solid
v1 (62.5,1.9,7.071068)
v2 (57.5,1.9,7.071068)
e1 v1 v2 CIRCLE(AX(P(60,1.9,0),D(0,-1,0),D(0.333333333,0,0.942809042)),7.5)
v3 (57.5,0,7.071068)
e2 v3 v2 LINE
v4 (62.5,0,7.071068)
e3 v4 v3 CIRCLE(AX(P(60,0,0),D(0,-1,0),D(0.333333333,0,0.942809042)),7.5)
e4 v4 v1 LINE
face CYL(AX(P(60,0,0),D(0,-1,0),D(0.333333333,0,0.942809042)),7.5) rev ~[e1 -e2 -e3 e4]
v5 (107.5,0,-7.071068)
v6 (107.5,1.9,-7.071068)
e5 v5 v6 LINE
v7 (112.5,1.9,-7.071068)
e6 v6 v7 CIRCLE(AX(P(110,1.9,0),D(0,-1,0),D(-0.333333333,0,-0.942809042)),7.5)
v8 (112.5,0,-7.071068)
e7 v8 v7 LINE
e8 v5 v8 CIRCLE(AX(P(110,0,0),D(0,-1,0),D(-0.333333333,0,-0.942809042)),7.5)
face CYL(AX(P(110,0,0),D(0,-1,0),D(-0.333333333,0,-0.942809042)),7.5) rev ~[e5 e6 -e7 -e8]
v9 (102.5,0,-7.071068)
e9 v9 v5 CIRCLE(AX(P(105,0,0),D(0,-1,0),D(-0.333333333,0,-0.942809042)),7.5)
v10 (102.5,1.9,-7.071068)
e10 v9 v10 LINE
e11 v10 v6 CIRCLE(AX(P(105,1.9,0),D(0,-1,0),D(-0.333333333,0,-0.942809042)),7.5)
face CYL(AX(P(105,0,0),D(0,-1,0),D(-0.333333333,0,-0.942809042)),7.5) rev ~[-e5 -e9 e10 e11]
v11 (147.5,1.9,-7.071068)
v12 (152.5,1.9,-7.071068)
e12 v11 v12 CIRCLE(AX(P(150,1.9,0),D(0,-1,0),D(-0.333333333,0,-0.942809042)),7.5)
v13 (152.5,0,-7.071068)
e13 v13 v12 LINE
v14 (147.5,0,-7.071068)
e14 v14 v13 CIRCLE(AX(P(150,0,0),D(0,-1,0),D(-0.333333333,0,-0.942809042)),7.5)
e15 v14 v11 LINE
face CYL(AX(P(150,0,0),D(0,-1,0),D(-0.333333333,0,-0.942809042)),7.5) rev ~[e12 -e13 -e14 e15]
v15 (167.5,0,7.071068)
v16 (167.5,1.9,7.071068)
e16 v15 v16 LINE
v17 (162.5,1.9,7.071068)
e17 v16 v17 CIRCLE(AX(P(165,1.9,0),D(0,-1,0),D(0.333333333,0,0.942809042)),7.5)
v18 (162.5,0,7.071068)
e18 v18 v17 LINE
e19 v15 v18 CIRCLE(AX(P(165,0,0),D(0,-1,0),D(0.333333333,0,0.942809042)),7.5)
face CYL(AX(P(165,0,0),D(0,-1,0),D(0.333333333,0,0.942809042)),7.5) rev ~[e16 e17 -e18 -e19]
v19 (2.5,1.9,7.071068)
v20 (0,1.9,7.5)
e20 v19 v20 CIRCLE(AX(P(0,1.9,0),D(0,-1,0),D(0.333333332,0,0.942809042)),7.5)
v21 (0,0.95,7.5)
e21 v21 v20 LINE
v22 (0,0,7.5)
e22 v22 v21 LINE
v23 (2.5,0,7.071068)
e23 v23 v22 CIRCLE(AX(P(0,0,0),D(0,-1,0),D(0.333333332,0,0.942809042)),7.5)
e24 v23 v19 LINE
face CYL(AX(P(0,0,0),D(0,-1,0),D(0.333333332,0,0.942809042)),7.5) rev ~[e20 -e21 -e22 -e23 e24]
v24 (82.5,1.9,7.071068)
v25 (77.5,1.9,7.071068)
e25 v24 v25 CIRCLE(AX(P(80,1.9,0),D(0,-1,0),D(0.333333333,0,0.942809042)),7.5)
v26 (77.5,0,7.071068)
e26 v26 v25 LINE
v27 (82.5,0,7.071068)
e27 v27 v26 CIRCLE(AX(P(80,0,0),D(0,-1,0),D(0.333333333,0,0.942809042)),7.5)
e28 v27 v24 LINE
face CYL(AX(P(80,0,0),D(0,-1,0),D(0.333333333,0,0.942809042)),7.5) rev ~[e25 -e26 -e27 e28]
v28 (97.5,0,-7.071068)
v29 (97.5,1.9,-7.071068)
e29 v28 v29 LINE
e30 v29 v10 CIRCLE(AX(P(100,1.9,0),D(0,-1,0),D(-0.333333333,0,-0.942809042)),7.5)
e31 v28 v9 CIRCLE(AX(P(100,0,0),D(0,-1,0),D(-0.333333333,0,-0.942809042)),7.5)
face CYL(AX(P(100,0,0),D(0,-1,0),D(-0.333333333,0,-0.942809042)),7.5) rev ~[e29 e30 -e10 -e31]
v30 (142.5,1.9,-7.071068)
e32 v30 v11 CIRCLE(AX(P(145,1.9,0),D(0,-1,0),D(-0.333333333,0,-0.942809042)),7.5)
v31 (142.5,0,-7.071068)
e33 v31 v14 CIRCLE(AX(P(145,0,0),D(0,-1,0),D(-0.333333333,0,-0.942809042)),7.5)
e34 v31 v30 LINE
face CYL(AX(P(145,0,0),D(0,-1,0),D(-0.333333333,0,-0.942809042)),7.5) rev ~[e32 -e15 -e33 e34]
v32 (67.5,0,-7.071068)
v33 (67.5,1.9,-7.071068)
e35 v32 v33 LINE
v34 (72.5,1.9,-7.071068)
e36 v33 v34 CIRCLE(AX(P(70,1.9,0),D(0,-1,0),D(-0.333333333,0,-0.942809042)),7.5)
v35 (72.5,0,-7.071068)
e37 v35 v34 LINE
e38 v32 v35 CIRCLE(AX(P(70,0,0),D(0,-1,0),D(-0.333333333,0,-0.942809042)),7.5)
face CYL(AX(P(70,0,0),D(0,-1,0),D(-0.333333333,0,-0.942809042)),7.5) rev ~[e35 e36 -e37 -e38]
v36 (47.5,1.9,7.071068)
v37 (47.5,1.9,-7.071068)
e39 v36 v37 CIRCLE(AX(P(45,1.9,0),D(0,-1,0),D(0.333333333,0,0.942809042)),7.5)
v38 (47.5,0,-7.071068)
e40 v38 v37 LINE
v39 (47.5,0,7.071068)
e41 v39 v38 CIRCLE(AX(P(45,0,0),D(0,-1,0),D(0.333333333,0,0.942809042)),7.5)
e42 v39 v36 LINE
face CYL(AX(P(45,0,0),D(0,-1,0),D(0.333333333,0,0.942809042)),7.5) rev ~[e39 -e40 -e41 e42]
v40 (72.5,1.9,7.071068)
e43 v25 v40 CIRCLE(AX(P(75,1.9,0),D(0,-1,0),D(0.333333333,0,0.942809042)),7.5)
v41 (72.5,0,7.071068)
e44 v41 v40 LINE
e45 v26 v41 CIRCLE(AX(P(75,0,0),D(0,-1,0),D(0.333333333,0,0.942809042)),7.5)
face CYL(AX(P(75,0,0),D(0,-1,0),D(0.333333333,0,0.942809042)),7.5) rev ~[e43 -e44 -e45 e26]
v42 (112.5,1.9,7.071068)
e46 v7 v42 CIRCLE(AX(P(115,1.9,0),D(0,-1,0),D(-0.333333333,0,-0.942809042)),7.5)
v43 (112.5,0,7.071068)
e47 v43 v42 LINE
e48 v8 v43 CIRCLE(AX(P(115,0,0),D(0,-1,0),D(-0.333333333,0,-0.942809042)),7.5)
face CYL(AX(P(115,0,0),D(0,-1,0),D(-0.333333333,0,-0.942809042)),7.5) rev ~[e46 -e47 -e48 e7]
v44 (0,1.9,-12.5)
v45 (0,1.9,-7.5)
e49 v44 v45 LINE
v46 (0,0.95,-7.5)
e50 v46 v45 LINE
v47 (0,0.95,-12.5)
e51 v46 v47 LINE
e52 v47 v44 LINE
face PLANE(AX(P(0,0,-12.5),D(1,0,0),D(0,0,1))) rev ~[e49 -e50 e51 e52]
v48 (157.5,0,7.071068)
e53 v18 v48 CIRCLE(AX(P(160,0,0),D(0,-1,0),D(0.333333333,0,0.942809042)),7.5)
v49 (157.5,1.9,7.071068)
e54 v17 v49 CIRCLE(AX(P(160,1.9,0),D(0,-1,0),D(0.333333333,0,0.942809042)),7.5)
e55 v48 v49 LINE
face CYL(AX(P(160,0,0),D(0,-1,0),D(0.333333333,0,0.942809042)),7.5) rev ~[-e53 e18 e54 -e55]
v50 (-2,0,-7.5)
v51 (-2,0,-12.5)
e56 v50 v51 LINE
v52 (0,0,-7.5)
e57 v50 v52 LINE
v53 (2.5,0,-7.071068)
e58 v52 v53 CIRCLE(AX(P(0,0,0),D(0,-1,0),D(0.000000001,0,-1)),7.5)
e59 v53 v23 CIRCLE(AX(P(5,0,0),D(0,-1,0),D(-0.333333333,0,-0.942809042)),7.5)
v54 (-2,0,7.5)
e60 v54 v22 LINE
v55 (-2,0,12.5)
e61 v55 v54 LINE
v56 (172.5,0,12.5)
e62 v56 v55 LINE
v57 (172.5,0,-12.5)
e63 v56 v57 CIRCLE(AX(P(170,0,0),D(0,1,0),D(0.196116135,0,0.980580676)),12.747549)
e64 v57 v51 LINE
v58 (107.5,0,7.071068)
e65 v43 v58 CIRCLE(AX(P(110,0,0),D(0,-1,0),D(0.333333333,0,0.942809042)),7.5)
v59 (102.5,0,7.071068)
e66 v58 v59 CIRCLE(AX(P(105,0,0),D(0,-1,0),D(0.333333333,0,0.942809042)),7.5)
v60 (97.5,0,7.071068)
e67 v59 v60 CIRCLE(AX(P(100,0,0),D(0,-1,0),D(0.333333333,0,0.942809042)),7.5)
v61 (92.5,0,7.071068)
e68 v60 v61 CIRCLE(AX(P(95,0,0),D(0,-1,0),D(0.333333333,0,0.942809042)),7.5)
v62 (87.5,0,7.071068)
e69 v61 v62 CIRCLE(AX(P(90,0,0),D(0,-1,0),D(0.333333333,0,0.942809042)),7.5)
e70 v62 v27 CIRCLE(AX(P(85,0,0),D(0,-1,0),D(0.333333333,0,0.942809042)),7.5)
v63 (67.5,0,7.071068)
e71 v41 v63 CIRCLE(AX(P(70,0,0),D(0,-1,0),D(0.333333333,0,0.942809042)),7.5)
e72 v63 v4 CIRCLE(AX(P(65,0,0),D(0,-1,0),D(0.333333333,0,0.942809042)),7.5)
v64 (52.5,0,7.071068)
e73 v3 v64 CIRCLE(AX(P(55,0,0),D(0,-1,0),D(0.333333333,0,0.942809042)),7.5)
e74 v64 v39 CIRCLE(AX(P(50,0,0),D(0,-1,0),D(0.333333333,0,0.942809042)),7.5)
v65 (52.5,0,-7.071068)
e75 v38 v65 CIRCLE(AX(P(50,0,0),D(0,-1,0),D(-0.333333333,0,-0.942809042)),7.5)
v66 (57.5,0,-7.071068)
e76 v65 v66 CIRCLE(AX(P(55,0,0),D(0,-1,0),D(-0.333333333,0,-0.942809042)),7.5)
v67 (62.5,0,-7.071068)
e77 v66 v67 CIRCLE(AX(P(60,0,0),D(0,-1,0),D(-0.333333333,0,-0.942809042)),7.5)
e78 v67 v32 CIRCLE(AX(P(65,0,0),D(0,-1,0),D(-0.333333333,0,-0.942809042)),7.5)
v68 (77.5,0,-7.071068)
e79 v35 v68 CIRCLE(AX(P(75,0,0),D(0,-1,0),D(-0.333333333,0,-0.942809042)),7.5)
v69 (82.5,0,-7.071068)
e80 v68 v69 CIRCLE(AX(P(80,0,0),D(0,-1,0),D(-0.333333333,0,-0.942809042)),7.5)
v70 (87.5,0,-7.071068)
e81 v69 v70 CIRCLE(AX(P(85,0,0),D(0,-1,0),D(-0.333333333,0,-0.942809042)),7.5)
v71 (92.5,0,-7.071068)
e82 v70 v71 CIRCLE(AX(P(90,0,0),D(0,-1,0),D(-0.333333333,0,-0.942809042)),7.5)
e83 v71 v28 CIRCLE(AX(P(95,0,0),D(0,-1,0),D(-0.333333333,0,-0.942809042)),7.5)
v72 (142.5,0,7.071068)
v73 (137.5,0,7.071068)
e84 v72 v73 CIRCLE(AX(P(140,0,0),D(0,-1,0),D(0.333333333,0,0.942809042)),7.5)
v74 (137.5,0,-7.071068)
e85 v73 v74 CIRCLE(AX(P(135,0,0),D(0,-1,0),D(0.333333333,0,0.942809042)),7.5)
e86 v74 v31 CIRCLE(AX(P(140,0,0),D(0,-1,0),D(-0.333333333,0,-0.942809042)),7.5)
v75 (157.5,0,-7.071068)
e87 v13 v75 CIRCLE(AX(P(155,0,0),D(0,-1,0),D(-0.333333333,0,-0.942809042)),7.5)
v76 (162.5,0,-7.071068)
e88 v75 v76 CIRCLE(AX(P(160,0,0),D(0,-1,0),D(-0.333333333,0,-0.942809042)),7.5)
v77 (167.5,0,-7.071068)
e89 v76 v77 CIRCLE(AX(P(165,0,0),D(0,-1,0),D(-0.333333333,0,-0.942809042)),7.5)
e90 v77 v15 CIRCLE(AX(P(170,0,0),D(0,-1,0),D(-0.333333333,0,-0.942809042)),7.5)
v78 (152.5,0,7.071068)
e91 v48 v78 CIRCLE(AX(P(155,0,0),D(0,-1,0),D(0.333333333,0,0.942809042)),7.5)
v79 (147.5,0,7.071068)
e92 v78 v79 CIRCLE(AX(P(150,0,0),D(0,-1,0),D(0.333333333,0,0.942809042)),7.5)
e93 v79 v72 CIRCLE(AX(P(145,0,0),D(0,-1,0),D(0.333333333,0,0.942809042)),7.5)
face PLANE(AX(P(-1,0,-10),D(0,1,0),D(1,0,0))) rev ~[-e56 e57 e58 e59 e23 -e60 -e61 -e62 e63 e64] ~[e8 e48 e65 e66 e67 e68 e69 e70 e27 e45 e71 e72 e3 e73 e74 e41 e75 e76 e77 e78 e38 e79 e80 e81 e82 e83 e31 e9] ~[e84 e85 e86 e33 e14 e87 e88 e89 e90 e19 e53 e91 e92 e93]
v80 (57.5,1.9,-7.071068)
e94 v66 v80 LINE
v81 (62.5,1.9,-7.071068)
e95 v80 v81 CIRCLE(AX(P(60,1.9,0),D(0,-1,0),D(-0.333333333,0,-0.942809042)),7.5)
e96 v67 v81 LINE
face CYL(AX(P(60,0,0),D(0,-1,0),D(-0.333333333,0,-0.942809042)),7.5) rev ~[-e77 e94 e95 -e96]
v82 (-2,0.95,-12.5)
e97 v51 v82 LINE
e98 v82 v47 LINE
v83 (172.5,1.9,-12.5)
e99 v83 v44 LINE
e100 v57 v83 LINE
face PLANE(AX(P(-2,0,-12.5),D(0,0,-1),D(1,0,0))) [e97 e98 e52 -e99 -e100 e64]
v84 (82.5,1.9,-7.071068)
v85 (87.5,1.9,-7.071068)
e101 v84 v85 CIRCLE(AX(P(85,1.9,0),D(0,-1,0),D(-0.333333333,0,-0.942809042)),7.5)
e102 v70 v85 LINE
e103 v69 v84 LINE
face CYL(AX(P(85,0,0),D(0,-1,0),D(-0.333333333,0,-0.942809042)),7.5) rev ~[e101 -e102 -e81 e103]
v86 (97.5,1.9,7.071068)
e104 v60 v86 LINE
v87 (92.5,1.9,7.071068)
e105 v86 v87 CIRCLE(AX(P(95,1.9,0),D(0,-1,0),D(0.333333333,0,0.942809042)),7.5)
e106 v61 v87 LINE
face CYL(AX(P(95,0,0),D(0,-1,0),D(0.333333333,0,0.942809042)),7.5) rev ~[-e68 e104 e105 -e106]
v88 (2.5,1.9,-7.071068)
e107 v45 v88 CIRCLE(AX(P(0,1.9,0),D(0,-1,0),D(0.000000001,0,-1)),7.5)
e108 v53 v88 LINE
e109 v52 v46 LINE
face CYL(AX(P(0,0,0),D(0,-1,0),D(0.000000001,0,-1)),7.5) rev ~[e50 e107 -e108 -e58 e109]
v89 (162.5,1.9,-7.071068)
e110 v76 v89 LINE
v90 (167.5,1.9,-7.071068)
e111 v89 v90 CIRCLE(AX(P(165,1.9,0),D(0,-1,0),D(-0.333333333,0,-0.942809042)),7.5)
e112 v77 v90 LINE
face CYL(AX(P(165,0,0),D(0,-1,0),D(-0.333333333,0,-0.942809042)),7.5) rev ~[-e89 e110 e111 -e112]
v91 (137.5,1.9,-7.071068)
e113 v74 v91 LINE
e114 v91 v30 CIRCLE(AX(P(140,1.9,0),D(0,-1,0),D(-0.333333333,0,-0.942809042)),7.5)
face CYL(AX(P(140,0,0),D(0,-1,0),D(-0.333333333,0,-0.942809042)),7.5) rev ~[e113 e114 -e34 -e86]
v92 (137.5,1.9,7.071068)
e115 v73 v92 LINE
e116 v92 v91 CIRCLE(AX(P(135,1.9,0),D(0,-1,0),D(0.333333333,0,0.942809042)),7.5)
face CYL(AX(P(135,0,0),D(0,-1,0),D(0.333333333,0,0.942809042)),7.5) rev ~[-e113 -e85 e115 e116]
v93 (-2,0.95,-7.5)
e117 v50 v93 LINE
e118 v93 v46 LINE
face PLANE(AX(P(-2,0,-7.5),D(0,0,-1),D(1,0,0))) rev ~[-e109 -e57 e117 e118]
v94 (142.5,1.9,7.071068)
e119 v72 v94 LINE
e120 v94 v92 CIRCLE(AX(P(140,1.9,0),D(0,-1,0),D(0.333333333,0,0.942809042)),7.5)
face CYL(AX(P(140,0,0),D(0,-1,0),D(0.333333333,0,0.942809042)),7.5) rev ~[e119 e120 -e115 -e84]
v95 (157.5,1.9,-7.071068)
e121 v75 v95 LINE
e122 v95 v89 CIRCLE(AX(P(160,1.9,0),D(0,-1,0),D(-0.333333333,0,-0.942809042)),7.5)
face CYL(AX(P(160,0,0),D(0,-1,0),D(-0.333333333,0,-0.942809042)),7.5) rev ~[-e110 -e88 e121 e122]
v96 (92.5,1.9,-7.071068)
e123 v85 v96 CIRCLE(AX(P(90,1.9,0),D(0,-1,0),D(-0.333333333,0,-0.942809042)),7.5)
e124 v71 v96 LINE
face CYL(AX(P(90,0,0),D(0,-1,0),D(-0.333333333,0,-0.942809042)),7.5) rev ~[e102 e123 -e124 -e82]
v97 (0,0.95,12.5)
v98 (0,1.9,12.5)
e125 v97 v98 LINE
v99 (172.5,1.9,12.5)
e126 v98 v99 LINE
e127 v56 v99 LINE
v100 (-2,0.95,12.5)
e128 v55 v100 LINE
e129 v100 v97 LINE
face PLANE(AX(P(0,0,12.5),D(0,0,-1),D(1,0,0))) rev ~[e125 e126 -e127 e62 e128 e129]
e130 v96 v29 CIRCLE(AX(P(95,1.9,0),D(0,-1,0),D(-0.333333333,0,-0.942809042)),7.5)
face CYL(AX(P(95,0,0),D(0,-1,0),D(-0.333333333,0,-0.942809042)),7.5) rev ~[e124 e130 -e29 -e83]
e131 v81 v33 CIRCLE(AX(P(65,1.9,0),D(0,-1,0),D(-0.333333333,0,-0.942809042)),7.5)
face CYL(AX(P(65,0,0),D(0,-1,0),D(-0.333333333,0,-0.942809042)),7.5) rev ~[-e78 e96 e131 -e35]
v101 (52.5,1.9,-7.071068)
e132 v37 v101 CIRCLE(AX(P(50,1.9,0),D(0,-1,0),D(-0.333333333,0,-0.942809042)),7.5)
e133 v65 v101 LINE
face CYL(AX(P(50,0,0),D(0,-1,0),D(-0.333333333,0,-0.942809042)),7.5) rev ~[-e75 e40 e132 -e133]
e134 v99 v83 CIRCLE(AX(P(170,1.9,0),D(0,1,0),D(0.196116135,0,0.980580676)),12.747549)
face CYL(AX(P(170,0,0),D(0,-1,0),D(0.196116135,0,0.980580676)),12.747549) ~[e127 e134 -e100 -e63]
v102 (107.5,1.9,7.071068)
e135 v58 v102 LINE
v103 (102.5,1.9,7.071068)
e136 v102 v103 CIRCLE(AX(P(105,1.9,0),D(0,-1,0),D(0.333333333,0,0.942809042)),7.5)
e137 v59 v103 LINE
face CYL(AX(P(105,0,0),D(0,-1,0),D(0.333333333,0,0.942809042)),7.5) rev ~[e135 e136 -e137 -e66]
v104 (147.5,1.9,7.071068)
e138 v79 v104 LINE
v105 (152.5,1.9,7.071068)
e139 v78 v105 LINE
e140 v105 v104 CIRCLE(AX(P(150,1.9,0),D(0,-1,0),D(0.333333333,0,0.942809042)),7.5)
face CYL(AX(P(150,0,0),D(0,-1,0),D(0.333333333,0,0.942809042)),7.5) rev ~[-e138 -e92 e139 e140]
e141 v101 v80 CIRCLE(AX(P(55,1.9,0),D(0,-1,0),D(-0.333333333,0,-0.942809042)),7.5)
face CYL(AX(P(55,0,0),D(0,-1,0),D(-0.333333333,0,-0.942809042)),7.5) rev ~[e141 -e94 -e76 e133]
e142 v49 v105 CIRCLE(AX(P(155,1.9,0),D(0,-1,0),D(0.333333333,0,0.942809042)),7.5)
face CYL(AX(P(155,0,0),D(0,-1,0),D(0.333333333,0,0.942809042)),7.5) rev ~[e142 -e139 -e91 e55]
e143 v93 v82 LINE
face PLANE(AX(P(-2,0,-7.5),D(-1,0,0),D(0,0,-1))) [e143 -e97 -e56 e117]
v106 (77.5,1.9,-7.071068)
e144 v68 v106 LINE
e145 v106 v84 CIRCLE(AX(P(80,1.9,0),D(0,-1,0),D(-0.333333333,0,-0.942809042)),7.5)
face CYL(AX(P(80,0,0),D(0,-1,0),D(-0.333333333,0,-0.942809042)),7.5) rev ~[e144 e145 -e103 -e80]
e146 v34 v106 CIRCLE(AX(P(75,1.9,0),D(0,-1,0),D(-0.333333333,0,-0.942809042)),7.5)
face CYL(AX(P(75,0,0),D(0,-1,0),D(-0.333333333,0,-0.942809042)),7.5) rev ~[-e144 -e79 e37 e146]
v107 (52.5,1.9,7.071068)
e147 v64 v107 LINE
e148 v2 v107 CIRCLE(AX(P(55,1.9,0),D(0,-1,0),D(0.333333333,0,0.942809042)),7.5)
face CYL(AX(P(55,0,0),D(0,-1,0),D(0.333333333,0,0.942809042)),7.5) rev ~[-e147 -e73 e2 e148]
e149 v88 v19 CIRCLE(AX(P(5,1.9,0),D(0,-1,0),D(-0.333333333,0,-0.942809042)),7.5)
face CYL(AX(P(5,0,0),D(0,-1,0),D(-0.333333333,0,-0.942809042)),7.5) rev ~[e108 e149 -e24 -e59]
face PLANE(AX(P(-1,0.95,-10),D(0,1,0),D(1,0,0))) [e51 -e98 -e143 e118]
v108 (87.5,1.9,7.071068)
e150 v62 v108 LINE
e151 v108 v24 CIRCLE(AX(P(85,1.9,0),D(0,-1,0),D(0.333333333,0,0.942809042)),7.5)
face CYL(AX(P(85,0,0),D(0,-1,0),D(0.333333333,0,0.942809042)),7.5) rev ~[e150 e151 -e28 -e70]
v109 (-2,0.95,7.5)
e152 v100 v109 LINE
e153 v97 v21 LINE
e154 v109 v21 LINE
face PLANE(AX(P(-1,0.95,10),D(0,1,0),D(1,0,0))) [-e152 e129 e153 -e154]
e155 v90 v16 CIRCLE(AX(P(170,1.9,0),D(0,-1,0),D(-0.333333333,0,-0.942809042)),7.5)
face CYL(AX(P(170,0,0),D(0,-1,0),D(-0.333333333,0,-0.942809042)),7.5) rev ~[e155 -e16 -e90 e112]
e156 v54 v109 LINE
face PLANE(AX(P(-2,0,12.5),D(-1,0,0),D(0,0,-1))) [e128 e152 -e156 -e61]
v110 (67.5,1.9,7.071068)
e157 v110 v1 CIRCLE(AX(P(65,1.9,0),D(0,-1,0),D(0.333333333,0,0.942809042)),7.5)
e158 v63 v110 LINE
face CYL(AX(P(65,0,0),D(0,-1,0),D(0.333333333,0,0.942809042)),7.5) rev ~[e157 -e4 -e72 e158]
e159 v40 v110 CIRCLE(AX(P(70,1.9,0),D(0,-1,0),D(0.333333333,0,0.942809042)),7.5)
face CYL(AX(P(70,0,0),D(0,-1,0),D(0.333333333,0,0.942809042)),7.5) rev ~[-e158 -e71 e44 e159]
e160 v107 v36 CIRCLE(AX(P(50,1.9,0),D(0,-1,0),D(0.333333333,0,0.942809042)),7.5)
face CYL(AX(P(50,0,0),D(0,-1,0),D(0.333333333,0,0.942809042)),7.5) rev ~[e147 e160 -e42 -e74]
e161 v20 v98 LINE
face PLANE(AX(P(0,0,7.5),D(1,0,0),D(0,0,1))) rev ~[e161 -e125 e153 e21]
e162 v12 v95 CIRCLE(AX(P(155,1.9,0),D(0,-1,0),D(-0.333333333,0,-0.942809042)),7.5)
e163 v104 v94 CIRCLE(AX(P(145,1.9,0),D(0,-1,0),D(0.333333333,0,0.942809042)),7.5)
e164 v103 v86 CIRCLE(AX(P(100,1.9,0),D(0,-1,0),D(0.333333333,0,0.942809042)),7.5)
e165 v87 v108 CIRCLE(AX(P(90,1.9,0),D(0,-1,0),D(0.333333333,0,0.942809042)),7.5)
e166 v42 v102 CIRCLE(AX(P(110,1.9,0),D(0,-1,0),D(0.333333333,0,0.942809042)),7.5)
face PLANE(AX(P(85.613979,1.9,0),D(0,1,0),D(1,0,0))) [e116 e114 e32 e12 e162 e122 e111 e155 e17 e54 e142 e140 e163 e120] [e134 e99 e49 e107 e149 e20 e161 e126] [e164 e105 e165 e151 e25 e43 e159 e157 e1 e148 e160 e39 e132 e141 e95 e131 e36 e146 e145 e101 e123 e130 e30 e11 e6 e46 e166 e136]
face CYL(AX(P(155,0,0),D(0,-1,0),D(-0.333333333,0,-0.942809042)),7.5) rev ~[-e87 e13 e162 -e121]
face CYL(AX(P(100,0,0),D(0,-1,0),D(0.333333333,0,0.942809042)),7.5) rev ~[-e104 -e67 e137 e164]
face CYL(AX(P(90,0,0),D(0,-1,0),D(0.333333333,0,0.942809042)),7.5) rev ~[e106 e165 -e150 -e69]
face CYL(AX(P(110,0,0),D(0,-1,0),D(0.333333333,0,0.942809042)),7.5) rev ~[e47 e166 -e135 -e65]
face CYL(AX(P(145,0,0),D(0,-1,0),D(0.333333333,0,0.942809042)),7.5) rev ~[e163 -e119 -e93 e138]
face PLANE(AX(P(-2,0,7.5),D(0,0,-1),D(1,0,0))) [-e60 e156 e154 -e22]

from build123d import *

# Parameters (mm, degrees)
BOSS_EXTRUDE1_DEPTH = 1.9
SKETCH2_W           = 2
SKETCH2_H           = 5
BOSS_EXTRUDE2_DEPTH = 0.95


with BuildPart() as part:
    # Sketch1 → Boss-Extrude1 (new body)
    with BuildSketch(Plane(origin=(0, 0, 0), x_dir=(1, 0, 0), z_dir=(0, 1, 0))):
        with BuildLine():
            Line((172.5, 12.5), (0, 12.5))
            Line((0, 12.5), (0, 7.5))
            ThreePointArc((0, 7.5), (1.26826484, 7.391989197), (2.5, 7.071067812))
            ThreePointArc((2.5, 7.071067812), (12.5, 0), (2.5, -7.071067812))
            ThreePointArc((2.5, -7.071067812), (1.26826484, -7.391989197), (0, -7.5))
            Line((0, -7.5), (0, -12.5))
            Line((0, -12.5), (172.5, -12.5))
            ThreePointArc((172.5, -12.5), (182.747548784, 0), (172.5, 12.5))
        make_face()
        with BuildLine():
            ThreePointArc((47.5, -7.071067812), (37.5, 0), (47.5, 7.071067812))
            ThreePointArc((47.5, 7.071067812), (50, 7.5), (52.5, 7.071067812))
            ThreePointArc((52.5, 7.071067812), (55, 7.5), (57.5, 7.071067812))
            ThreePointArc((57.5, 7.071067812), (60, 7.5), (62.5, 7.071067812))
            ThreePointArc((62.5, 7.071067812), (65, 7.5), (67.5, 7.071067812))
            ThreePointArc((67.5, 7.071067812), (70, 7.5), (72.5, 7.071067812))
            ThreePointArc((72.5, 7.071067812), (75, 7.5), (77.5, 7.071067812))
            ThreePointArc((77.5, 7.071067812), (80, 7.5), (82.5, 7.071067812))
            ThreePointArc((82.5, 7.071067812), (85, 7.5), (87.5, 7.071067812))
            ThreePointArc((87.5, 7.071067812), (90, 7.5), (92.5, 7.071067812))
            ThreePointArc((92.5, 7.071067812), (95, 7.5), (97.5, 7.071067812))
            ThreePointArc((97.5, 7.071067812), (100, 7.5), (102.5, 7.071067812))
            ThreePointArc((102.5, 7.071067812), (105, 7.5), (107.5, 7.071067812))
            ThreePointArc((107.5, 7.071067812), (110, 7.5), (112.5, 7.071067812))
            ThreePointArc((112.5, 7.071067812), (122.5, 0), (112.5, -7.071067812))
            ThreePointArc((112.5, -7.071067812), (110, -7.5), (107.5, -7.071067812))
            ThreePointArc((107.5, -7.071067812), (105, -7.5), (102.5, -7.071067812))
            ThreePointArc((102.5, -7.071067812), (100, -7.5), (97.5, -7.071067812))
            ThreePointArc((97.5, -7.071067812), (95, -7.5), (92.5, -7.071067812))
            ThreePointArc((92.5, -7.071067812), (90, -7.5), (87.5, -7.071067812))
            ThreePointArc((87.5, -7.071067812), (85, -7.5), (82.5, -7.071067812))
            ThreePointArc((82.5, -7.071067812), (80, -7.5), (77.5, -7.071067812))
            ThreePointArc((77.5, -7.071067812), (75, -7.5), (72.5, -7.071067812))
            ThreePointArc((72.5, -7.071067812), (70, -7.5), (67.5, -7.071067812))
            ThreePointArc((67.5, -7.071067812), (65, -7.5), (62.5, -7.071067812))
            ThreePointArc((62.5, -7.071067812), (60, -7.5), (57.5, -7.071067812))
            ThreePointArc((57.5, -7.071067812), (55, -7.5), (52.5, -7.071067812))
            ThreePointArc((52.5, -7.071067812), (50, -7.5), (47.5, -7.071067812))
        make_face(mode=Mode.SUBTRACT)
        with BuildLine():
            ThreePointArc((137.5, 7.071067812), (140, 7.5), (142.5, 7.071067812))
            ThreePointArc((142.5, 7.071067812), (145, 7.5), (147.5, 7.071067812))
            ThreePointArc((147.5, 7.071067812), (150, 7.5), (152.5, 7.071067812))
            ThreePointArc((152.5, 7.071067812), (155, 7.5), (157.5, 7.071067812))
            ThreePointArc((157.5, 7.071067812), (160, 7.5), (162.5, 7.071067812))
            ThreePointArc((162.5, 7.071067812), (165, 7.5), (167.5, 7.071067812))
            ThreePointArc((167.5, 7.071067812), (177.5, 0), (167.5, -7.071067812))
            ThreePointArc((167.5, -7.071067812), (165, -7.5), (162.5, -7.071067812))
            ThreePointArc((162.5, -7.071067812), (160, -7.5), (157.5, -7.071067812))
            ThreePointArc((157.5, -7.071067812), (155, -7.5), (152.5, -7.071067812))
            ThreePointArc((152.5, -7.071067812), (150, -7.5), (147.5, -7.071067812))
            ThreePointArc((147.5, -7.071067812), (145, -7.5), (142.5, -7.071067812))
            ThreePointArc((142.5, -7.071067812), (140, -7.5), (137.5, -7.071067812))
            ThreePointArc((137.5, -7.071067812), (127.5, 0), (137.5, 7.071067812))
        make_face(mode=Mode.SUBTRACT)
    extrude(amount=BOSS_EXTRUDE1_DEPTH)

    # Sketch2 → Boss-Extrude2 (add)
    with BuildSketch(Plane(origin=(0, 0, 0), x_dir=(1, 0, 0), z_dir=(0, 1, 0))):
        with Locations((-1, 10)):
            Rectangle(SKETCH2_W, SKETCH2_H)
        with Locations((-1, -10)):
            Rectangle(SKETCH2_W, SKETCH2_H)
    extrude(amount=BOSS_EXTRUDE2_DEPTH)


solid = part.part
